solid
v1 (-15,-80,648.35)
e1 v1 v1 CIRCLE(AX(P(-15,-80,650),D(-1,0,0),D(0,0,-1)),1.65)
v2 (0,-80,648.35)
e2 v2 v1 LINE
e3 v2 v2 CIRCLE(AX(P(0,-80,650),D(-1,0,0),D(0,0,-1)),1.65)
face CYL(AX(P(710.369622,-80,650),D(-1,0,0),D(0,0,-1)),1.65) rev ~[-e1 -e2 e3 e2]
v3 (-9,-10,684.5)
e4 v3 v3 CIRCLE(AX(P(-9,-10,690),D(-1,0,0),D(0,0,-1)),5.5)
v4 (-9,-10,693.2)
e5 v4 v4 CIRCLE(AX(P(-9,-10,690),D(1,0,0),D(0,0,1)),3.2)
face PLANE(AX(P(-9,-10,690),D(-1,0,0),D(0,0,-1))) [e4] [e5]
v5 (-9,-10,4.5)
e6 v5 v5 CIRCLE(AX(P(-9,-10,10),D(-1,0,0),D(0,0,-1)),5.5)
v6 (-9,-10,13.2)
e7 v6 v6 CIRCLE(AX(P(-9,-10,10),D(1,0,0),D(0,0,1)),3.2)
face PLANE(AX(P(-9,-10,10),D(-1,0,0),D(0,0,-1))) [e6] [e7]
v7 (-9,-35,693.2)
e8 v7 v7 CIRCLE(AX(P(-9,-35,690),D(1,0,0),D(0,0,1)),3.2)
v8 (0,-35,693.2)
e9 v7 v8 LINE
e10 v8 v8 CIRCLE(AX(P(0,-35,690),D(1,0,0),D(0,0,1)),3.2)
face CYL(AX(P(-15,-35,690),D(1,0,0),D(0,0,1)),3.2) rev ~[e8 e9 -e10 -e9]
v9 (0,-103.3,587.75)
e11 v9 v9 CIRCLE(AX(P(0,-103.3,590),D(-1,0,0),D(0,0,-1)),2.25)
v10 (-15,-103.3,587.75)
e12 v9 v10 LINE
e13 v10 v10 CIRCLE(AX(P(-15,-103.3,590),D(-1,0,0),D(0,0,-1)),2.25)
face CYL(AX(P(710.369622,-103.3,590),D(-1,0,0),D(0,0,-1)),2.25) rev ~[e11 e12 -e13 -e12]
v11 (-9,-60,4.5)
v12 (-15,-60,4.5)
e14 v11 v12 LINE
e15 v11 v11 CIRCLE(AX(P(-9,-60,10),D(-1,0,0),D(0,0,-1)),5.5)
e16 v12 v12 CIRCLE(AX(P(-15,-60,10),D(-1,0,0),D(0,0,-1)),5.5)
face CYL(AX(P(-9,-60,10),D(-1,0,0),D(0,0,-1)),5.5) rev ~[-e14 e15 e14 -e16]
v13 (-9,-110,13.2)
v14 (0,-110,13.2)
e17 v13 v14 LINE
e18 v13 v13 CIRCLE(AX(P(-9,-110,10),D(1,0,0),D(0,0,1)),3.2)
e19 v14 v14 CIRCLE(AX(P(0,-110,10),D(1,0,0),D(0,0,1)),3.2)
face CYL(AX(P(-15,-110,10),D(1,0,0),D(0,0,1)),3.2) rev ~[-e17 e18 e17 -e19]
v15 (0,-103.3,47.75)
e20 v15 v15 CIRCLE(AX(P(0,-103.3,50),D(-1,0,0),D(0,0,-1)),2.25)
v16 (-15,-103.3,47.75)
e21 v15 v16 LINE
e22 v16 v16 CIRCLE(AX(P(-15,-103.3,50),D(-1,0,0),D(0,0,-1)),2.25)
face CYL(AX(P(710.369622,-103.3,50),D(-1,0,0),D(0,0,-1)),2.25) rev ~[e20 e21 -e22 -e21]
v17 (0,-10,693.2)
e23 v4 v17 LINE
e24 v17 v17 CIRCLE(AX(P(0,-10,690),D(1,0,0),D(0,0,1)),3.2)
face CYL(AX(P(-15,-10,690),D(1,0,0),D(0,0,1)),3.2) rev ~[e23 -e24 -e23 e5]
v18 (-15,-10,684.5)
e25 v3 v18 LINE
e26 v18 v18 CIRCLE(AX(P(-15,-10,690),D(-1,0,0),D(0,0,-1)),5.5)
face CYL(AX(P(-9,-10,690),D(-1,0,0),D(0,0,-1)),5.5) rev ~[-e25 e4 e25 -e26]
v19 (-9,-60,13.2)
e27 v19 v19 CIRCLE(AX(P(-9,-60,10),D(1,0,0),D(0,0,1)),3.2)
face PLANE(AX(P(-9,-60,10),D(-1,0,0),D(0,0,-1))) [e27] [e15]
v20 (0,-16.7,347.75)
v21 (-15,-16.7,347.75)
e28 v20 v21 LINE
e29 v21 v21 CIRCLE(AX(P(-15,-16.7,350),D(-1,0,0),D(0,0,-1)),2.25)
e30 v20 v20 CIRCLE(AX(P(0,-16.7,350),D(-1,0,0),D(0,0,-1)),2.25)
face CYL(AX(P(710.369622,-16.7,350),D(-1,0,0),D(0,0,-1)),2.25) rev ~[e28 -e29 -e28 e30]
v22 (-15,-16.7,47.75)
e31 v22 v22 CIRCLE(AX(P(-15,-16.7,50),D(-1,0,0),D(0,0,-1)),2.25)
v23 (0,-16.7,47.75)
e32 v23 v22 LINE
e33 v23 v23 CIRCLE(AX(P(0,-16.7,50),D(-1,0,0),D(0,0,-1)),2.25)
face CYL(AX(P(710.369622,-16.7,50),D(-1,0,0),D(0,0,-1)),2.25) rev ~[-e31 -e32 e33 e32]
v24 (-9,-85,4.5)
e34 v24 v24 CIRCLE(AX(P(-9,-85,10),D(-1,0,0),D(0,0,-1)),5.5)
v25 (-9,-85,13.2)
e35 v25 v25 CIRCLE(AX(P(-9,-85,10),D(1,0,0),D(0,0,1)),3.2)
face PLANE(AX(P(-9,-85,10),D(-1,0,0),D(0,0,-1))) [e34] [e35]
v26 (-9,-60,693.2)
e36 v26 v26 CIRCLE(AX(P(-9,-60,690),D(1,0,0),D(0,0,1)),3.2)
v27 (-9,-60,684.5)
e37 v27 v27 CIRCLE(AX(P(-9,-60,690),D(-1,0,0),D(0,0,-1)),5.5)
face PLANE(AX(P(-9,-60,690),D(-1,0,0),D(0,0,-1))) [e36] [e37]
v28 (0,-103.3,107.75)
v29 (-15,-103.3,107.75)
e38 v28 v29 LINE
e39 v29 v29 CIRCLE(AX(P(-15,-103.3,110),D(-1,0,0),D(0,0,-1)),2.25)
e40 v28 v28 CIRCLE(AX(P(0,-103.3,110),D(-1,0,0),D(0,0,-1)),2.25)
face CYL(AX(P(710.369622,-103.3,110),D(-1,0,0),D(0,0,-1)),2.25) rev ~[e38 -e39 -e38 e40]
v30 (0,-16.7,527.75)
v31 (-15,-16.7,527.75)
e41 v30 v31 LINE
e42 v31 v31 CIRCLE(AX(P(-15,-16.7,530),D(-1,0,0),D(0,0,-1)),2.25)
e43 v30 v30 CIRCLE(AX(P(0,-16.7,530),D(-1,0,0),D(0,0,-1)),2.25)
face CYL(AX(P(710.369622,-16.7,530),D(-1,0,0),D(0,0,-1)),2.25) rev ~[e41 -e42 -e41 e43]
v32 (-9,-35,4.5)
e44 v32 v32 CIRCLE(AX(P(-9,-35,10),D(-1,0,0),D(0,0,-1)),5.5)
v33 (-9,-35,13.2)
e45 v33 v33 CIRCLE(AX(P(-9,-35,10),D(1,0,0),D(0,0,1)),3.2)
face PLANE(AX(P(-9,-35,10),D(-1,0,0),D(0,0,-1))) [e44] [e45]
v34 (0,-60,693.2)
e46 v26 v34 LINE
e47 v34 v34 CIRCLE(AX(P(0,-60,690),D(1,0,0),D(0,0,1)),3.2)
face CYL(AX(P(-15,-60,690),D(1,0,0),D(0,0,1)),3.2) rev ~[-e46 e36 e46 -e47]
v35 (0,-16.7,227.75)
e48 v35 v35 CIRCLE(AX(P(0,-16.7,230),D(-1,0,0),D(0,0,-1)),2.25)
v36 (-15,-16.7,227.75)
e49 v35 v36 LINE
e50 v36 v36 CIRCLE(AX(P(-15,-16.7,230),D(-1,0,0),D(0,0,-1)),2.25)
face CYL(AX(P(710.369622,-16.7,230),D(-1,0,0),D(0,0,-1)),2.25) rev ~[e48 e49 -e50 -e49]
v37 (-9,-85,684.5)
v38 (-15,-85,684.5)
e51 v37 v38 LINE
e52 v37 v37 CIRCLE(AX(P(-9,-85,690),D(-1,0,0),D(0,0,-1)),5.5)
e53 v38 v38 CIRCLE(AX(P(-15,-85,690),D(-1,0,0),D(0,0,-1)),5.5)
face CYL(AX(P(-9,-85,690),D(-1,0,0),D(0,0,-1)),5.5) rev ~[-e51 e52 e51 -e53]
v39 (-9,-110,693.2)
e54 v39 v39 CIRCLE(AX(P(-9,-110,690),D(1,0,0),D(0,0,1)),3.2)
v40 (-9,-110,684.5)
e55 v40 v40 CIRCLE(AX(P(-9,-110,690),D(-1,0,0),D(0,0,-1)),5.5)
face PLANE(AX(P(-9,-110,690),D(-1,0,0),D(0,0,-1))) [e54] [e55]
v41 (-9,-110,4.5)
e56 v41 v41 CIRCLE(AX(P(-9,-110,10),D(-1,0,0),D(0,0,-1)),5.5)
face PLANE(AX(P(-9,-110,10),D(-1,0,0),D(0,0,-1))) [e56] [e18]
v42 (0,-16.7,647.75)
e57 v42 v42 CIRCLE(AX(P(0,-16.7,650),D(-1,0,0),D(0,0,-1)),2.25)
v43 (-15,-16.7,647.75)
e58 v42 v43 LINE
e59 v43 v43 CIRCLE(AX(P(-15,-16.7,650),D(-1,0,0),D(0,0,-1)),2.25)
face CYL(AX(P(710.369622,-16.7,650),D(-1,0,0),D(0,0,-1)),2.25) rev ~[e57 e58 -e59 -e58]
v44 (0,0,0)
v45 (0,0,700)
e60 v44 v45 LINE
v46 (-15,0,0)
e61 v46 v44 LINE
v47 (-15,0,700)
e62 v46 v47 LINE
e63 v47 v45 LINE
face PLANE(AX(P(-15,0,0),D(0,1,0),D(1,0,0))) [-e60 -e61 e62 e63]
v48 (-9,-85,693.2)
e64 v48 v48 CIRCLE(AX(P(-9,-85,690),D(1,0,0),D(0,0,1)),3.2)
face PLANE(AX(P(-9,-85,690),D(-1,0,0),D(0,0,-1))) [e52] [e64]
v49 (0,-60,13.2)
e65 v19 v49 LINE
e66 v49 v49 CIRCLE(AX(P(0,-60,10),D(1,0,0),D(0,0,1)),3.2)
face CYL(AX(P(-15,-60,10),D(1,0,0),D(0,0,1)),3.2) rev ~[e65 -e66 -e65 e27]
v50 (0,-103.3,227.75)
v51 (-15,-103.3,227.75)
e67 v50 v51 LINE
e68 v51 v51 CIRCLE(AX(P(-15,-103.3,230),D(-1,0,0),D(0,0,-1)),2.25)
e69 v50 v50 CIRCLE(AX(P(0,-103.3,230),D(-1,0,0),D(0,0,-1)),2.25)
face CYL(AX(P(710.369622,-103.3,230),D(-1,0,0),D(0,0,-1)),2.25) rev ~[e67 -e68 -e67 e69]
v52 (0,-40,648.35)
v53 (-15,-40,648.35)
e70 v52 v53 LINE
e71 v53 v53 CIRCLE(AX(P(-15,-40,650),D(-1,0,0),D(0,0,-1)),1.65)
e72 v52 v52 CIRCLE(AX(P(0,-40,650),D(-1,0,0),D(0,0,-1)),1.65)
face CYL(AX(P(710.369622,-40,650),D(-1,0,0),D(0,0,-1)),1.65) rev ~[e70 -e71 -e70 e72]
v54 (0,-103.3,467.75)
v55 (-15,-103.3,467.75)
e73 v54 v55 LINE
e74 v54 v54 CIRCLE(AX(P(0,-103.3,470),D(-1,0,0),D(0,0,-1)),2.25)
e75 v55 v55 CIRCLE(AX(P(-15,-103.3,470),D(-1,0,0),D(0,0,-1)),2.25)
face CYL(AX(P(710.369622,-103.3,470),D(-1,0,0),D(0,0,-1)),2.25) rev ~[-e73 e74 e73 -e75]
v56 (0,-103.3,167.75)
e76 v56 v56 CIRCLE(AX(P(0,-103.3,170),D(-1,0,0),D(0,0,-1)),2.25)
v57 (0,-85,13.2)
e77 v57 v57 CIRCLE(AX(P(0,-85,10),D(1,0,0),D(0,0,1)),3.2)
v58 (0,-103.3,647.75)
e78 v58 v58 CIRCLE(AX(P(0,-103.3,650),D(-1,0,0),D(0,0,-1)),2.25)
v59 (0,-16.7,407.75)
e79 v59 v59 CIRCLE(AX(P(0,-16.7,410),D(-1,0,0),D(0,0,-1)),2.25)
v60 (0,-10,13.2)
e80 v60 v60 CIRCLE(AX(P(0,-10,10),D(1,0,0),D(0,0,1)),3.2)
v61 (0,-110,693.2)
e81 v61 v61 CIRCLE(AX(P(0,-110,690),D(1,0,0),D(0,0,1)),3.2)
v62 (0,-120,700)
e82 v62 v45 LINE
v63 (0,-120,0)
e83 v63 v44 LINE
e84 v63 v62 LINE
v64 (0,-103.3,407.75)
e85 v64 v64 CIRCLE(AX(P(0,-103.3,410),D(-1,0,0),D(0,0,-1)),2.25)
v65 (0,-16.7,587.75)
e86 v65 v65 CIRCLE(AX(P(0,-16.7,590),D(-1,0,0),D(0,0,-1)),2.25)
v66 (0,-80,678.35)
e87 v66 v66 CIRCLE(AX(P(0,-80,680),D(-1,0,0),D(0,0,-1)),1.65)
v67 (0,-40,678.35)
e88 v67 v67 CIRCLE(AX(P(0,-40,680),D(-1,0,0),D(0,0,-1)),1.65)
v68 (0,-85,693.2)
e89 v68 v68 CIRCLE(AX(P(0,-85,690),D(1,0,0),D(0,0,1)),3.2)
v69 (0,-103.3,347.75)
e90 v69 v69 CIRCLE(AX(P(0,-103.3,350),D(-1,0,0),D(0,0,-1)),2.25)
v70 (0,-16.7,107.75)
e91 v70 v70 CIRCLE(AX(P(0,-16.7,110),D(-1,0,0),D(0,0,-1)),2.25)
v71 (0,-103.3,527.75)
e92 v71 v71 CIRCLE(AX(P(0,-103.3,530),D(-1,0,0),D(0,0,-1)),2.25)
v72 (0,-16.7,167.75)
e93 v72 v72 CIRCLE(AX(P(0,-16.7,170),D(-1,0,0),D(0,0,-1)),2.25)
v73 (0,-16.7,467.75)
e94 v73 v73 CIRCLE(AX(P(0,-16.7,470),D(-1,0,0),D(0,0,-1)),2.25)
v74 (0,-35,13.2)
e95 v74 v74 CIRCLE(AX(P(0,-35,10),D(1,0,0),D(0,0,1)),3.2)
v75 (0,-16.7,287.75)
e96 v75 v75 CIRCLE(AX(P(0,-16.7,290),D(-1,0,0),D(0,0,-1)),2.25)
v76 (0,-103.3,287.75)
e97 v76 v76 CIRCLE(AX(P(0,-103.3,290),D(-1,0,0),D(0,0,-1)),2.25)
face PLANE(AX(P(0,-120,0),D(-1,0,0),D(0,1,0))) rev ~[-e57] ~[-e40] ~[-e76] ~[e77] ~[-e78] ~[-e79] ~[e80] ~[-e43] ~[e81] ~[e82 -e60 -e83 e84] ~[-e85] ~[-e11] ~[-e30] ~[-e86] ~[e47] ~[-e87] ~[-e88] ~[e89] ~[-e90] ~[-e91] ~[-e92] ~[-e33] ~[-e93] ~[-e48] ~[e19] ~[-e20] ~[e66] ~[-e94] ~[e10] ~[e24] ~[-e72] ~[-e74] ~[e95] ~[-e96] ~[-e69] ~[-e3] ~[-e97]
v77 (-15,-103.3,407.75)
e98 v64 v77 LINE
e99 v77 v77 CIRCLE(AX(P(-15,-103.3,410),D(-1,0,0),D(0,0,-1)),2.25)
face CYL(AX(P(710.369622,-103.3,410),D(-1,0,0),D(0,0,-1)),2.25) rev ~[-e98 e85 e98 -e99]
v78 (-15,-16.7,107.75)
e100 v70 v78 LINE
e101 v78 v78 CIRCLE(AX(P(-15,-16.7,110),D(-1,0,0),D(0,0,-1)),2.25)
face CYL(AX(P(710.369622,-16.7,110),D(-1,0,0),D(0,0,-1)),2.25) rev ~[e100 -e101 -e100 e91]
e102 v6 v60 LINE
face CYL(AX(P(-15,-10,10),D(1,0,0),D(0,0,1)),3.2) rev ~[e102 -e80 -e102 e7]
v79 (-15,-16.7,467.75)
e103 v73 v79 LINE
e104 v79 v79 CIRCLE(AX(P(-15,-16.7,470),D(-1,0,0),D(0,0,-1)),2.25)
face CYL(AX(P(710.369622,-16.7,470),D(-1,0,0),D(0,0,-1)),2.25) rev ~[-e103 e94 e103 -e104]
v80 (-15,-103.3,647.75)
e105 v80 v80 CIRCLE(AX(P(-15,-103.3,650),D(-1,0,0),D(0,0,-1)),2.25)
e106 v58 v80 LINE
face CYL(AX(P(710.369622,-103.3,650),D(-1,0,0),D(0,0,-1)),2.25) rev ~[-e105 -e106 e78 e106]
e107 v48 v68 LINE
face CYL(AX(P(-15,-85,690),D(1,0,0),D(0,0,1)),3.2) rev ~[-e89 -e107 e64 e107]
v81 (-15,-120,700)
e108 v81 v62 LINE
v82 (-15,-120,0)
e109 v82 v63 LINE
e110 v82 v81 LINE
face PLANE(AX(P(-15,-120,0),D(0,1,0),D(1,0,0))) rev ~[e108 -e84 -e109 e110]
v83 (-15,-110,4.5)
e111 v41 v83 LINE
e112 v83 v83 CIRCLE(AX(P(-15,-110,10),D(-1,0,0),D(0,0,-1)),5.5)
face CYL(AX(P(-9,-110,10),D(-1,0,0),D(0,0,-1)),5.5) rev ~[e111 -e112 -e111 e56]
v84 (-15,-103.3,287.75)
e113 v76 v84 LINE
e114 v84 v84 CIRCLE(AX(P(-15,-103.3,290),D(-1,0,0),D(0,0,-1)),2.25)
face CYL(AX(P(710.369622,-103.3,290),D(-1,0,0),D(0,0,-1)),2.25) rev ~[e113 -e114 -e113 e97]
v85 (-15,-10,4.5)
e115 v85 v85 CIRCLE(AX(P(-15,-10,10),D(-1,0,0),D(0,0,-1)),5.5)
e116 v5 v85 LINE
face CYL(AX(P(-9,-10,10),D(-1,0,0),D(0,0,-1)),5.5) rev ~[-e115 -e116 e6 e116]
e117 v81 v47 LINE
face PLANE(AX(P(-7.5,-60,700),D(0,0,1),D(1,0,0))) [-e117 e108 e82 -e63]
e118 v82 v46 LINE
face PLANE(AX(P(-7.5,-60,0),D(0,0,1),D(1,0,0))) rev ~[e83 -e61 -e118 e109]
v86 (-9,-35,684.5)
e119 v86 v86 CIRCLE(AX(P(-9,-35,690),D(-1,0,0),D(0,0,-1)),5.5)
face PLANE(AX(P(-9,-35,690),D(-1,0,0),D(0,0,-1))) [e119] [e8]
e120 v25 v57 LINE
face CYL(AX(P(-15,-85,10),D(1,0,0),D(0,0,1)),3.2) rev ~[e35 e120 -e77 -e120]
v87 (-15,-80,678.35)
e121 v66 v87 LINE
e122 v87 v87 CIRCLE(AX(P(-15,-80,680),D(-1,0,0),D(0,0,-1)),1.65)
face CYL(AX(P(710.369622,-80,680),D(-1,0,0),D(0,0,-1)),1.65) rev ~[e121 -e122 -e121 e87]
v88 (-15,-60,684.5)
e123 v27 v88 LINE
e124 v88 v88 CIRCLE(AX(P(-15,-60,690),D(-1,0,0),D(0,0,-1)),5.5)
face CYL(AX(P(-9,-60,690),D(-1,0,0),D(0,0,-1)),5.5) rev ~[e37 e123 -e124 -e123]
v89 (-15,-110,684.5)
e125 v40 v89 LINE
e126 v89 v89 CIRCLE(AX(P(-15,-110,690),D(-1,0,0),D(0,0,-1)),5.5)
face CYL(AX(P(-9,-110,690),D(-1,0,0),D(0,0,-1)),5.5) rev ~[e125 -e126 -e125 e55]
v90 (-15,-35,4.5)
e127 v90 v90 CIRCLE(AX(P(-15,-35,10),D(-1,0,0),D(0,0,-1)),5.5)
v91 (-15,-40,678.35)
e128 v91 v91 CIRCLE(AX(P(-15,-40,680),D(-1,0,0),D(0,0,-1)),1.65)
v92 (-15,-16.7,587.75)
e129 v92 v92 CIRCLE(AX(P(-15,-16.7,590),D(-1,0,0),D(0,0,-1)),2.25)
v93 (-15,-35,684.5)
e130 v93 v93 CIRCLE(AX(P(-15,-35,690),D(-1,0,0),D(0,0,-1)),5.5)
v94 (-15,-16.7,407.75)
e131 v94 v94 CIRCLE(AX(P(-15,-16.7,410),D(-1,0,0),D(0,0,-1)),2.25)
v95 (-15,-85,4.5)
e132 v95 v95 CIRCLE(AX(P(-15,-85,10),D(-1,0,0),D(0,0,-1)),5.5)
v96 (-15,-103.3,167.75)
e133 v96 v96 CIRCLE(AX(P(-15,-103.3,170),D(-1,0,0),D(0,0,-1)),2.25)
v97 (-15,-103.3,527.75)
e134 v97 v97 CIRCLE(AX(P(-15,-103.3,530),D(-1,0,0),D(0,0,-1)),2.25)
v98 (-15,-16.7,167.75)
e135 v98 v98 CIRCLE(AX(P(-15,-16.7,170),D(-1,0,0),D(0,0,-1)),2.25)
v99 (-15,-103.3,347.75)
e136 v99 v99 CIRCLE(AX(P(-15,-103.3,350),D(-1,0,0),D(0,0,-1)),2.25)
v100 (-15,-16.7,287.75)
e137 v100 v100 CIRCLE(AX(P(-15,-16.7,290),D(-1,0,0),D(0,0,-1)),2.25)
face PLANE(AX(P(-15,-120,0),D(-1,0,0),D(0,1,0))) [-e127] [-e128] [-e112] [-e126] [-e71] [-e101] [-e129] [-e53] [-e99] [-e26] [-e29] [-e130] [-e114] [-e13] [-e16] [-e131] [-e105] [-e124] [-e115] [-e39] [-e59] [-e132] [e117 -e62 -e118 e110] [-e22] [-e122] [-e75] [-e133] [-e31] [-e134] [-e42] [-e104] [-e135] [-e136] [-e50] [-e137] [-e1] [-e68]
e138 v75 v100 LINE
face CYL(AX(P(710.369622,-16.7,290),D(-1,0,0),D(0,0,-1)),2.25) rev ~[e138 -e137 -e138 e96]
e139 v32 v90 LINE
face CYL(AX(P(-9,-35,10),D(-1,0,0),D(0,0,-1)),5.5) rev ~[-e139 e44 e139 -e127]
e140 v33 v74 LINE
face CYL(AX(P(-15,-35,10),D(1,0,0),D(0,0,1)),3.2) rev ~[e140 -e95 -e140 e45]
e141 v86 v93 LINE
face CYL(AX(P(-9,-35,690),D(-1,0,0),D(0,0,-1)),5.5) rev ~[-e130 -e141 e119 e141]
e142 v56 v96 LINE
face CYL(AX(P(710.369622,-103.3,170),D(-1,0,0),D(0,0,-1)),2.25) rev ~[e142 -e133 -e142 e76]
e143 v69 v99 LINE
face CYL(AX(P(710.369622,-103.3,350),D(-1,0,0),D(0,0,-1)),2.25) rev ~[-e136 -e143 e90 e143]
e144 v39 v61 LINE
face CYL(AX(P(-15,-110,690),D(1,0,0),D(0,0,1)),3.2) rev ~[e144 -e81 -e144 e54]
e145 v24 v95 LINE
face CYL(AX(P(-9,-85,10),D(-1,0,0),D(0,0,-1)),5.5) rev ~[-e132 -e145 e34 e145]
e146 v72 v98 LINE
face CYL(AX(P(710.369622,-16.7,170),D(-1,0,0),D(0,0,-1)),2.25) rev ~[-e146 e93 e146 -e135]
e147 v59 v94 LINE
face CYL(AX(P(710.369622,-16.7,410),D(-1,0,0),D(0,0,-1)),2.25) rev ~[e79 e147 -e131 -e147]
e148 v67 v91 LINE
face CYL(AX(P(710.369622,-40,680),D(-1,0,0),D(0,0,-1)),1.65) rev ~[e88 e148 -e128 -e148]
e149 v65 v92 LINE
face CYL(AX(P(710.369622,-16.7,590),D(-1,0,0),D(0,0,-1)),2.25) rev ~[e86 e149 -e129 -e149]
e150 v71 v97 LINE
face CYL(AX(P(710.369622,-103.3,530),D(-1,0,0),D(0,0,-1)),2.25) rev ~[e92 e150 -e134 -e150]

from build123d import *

# Parameters (mm, degrees)
SKETCH2_W                      = 15
SKETCH2_H                      = 120
BOSS_EXTRUDE1_DEPTH            = 700
F_4_5_4_5_DIAMETER_HOLE1_D     = 4.5
M4_TAPPED_HOLE3_D              = 3.3
CBORE_FOR_M6_SHCS1_D           = 6.4
CBORE_FOR_M6_SHCS1_CBORE_D     = 11
CBORE_FOR_M6_SHCS1_CBORE_DEPTH = 6


with BuildPart() as part:
    # Sketch2 → Boss-Extrude1 (new body)
    with BuildSketch(Plane.XY):
        with Locations((-7.5, -60)):
            Rectangle(SKETCH2_W, SKETCH2_H)
    extrude(amount=BOSS_EXTRUDE1_DEPTH)

    # Ø4.5 (4.5) Diameter Hole1 (through all)
    with Locations(Plane(origin=(0, -16.7, 650), x_dir=(0, 0, 1), z_dir=(1, 0, 0))):
        with Locations((0, 0), (-60, 0), (-120, 0), (-180, 0), (-240, 0), (-300, 0), (-360, 0), (-420, 0), (-480, 0), (-540, 0), (-600, 0), (0, 86.6), (-60, 86.6), (-120, 86.6), (-180, 86.6), (-240, 86.6), (-300, 86.6), (-360, 86.6), (-420, 86.6), (-480, 86.6), (-540, 86.6), (-600, 86.6)):
            Hole(F_4_5_4_5_DIAMETER_HOLE1_D / 2)

    # M4 Tapped Hole3 (through all)
    with Locations(Plane(origin=(0, -40, 680), x_dir=(0, 0, 1), z_dir=(1, 0, 0))):
        with Locations((0, 0), (-30, 0), (0, 40), (-30, 40)):
            Hole(M4_TAPPED_HOLE3_D / 2)

    # CBORE for M6 SHCS1 (through all)
    with Locations(Plane(origin=(-15, -10, 690), x_dir=(0, 0, -1), z_dir=(-1, 0, 0))):
        with Locations((0, 0), (0, 50), (0, 25), (0, 75), (0, 100), (680, 0), (680, 25), (680, 50), (680, 75), (680, 100)):
            CounterBoreHole(CBORE_FOR_M6_SHCS1_D / 2, CBORE_FOR_M6_SHCS1_CBORE_D / 2, CBORE_FOR_M6_SHCS1_CBORE_DEPTH)


solid = part.part
